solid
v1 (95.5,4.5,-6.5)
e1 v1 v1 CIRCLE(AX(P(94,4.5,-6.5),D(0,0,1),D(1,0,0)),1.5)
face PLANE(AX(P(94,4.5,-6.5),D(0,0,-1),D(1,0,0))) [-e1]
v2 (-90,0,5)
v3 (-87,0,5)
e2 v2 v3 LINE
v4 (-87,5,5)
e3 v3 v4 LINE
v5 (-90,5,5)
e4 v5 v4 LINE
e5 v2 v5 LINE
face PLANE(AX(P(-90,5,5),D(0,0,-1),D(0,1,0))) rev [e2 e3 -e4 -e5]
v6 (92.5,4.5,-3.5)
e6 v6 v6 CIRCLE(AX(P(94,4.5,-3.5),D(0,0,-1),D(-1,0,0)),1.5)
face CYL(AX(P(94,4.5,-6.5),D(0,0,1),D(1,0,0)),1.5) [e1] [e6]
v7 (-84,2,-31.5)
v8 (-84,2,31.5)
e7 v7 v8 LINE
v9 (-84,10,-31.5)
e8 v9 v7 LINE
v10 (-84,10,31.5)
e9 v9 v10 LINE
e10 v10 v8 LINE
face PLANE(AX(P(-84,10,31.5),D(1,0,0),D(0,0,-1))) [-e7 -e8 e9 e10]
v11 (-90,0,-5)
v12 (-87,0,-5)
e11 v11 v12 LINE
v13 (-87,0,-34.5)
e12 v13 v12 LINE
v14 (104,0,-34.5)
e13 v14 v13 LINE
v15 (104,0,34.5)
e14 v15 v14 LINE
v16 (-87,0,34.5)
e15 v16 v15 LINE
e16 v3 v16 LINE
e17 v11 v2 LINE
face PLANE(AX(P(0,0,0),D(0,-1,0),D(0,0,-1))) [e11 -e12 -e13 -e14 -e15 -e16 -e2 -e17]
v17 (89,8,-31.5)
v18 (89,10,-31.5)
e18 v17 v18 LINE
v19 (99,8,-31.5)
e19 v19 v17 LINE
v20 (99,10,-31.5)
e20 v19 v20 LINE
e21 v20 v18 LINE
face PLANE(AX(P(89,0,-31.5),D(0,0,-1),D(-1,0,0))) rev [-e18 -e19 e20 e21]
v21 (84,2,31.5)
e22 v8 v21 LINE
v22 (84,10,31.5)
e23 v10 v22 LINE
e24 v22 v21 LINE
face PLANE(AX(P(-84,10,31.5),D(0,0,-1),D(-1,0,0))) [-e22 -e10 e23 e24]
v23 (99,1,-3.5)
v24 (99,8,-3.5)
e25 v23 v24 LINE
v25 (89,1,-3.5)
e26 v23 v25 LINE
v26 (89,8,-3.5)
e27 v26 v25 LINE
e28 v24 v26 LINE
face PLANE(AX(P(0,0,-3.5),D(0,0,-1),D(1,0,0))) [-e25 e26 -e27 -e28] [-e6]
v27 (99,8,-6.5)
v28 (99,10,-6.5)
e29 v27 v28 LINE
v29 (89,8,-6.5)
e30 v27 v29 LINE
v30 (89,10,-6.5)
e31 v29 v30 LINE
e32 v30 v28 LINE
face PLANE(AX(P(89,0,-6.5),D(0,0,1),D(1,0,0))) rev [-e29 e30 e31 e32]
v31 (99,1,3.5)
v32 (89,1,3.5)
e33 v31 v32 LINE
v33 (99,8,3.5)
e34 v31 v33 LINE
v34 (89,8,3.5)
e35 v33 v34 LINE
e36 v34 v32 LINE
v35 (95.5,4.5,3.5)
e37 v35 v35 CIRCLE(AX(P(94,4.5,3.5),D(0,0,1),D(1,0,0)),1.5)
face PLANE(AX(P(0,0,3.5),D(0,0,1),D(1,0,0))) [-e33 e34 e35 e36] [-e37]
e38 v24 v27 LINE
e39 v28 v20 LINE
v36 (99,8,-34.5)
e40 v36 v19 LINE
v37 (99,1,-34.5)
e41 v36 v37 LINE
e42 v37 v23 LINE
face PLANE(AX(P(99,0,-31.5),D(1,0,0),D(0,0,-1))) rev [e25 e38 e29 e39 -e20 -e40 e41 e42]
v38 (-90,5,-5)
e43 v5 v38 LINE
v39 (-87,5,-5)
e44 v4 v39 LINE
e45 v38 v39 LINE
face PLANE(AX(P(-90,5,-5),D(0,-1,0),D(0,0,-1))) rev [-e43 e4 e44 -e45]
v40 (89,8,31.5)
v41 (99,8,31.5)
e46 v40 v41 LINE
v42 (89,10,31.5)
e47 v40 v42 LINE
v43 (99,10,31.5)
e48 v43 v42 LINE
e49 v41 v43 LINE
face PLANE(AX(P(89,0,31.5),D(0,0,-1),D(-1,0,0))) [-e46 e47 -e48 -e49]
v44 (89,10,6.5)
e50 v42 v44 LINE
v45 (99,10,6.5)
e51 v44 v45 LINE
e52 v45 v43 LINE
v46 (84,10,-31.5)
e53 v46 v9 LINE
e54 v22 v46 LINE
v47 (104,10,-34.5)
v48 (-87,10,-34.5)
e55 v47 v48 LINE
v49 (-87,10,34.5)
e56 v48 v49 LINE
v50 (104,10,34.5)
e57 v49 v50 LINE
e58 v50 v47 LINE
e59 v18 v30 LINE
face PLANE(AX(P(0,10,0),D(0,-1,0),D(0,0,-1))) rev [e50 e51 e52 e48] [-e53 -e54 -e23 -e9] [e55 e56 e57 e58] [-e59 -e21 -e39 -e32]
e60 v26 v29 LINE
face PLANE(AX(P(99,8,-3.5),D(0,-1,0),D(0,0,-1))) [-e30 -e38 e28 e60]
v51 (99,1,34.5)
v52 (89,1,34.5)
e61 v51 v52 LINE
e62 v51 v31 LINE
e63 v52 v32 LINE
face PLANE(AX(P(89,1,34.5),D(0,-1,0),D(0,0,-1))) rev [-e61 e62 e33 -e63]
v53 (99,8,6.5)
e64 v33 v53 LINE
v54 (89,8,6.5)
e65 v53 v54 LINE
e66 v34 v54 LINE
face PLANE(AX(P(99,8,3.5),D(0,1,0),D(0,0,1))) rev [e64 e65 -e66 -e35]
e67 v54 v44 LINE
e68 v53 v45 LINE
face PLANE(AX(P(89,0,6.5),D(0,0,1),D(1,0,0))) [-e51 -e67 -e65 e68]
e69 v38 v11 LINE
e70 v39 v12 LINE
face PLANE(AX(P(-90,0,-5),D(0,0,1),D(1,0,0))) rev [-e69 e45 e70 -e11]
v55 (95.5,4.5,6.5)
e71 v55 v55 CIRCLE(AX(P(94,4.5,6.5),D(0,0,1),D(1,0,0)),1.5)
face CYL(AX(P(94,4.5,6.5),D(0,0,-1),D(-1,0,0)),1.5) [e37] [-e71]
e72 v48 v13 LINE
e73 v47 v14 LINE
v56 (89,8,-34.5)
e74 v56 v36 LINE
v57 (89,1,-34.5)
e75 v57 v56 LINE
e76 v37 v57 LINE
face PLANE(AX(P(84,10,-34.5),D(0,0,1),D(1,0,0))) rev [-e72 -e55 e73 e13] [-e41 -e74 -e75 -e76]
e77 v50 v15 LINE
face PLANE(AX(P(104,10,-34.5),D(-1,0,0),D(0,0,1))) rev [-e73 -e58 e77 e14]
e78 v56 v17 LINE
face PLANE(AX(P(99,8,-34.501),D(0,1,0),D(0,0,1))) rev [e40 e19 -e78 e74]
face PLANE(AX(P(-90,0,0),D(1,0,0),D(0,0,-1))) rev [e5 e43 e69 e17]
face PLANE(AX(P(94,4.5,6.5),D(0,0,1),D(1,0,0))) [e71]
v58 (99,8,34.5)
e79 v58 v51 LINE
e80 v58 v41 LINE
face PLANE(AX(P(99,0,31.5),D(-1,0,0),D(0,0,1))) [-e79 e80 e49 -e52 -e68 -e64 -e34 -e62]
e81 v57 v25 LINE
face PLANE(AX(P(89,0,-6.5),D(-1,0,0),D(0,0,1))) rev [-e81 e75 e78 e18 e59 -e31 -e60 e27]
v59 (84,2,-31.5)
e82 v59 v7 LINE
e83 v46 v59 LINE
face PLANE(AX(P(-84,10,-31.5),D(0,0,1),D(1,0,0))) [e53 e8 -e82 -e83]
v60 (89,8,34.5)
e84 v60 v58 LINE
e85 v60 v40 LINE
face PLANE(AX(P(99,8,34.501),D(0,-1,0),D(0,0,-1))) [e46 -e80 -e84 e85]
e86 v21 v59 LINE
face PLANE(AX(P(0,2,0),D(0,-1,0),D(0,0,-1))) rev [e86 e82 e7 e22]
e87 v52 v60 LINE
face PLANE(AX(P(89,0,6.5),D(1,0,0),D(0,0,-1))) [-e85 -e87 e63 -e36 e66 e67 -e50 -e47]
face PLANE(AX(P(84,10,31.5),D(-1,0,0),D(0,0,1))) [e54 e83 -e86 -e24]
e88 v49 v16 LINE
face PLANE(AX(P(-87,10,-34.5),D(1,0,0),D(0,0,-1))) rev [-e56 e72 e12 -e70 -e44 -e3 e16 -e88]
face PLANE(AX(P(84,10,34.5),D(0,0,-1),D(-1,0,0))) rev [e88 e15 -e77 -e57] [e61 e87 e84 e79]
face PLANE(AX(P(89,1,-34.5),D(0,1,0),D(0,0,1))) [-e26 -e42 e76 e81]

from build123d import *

# Parameters (mm, degrees)
SKETCH1_W                      = 168
SKETCH1_H                      = 63
BOSS_EXTRUDE1_DEPTH            = 10
SKETCH2_W                      = 168
SKETCH2_H                      = 63
BOSS_EXTRUDE2_DEPTH            = 2
SKETCH3_W                      = 10
SKETCH3_H                      = 25
CUT_EXTRUDE1_DEPTH             = 111.028405423
SKETCH4_W                      = 10
SKETCH4_H                      = 8
CUT_EXTRUDE2_DEPTH             = 3
CUT_EXTRUDE2_DIRECTION_2_REACH = 114.236
SKETCH6_W                      = 10
SKETCH6_H                      = 1
BOSS_EXTRUDE4_DEPTH            = 31
SKETCH7_R                      = 1.5
BOSS_EXTRUDE5_DEPTH            = 3
SKETCH8_W                      = 10
SKETCH8_H                      = 5
BOSS_EXTRUDE6_DEPTH            = 3


with BuildPart() as part:
    # Sketch1 → Boss-Extrude1 (new body)
    with BuildSketch(Plane(origin=(0, 0, 0), x_dir=(1, 0, 0), z_dir=(0, 1, 0))):
        Polygon((0, 34.5), (-87, 34.5), (-87, -34.5), (84, -34.5), (104, -34.5), (104, 34.5), (84, 34.5), align=None)
        Rectangle(SKETCH1_W, SKETCH1_H, mode=Mode.SUBTRACT)
    extrude(amount=BOSS_EXTRUDE1_DEPTH)

    # Sketch2 → Boss-Extrude2 (add)
    with BuildSketch(Plane(origin=(0, 0, 0), x_dir=(1, 0, 0), z_dir=(0, 1, 0))):
        Rectangle(SKETCH2_W, SKETCH2_H)
    extrude(amount=BOSS_EXTRUDE2_DEPTH)

    # Sketch3 → Cut-Extrude1 (cut, through all)
    with BuildSketch(Plane(origin=(0, 10, 0), x_dir=(1, 0, 0), z_dir=(0, 1, 0))):
        with Locations((94, 19)):
            Rectangle(SKETCH3_W, SKETCH3_H)
    cut_extrude1 = extrude(amount=-CUT_EXTRUDE1_DEPTH, mode=Mode.SUBTRACT)

    # Mirror1: Cut-Extrude1 across plane
    add(cut_extrude1.mirror(Plane.XY), mode=Mode.SUBTRACT)

    # Sketch4 → Cut-Extrude2 (cut)
    with BuildSketch(Plane.XY.offset(6.5)):
        with Locations((94, 4)):
            Rectangle(SKETCH4_W, SKETCH4_H)
    cut_extrude2 = extrude(amount=-CUT_EXTRUDE2_DEPTH, mode=Mode.SUBTRACT)

    # Sketch4 → Cut-Extrude2 direction 2 (cut, up to next)
    with BuildSketch(Plane.XY.offset(6.5), mode=Mode.PRIVATE) as cut_extrude2_direction_2_sk1:
        with Locations((94, 4)):
            Rectangle(SKETCH4_W, SKETCH4_H)
    cut_extrude2_direction_2_tool1 = extrude(cut_extrude2_direction_2_sk1.sketch, amount=CUT_EXTRUDE2_DIRECTION_2_REACH, mode=Mode.PRIVATE) & part.part
    cut_extrude2_direction_2 = cut_extrude2_direction_2_tool1.solids().sort_by_distance((94, 4, 6.5))[0]
    add(cut_extrude2_direction_2, mode=Mode.SUBTRACT)

    # Mirror2: Cut-Extrude2, Cut-Extrude2 direction 2 across plane
    add(cut_extrude2.mirror(Plane.XY), mode=Mode.SUBTRACT)
    add(cut_extrude2_direction_2.mirror(Plane.XY), mode=Mode.SUBTRACT)

    # Sketch6 → Boss-Extrude4 (add)
    with BuildSketch(Plane.XY.offset(3.5)):
        with Locations((94, 0.5)):
            Rectangle(SKETCH6_W, SKETCH6_H)
    boss_extrude4 = extrude(amount=BOSS_EXTRUDE4_DEPTH)

    # Mirror5: Boss-Extrude4 across plane
    add(boss_extrude4.mirror(Plane.XY))

    # Sketch7 → Boss-Extrude5 (add)
    with BuildSketch(Plane.XY.offset(3.5)):
        with Locations((94, 4.5)):
            Circle(SKETCH7_R)
    boss_extrude5 = extrude(amount=BOSS_EXTRUDE5_DEPTH)

    # Mirror6: Boss-Extrude5 across plane
    add(boss_extrude5.mirror(Plane.XY))

    # Sketch8 → Boss-Extrude6 (add)
    with BuildSketch(Plane.ZY.offset(87)):
        with Locations((0, 2.5)):
            Rectangle(SKETCH8_W, SKETCH8_H)
    extrude(amount=BOSS_EXTRUDE6_DEPTH)


solid = part.part
